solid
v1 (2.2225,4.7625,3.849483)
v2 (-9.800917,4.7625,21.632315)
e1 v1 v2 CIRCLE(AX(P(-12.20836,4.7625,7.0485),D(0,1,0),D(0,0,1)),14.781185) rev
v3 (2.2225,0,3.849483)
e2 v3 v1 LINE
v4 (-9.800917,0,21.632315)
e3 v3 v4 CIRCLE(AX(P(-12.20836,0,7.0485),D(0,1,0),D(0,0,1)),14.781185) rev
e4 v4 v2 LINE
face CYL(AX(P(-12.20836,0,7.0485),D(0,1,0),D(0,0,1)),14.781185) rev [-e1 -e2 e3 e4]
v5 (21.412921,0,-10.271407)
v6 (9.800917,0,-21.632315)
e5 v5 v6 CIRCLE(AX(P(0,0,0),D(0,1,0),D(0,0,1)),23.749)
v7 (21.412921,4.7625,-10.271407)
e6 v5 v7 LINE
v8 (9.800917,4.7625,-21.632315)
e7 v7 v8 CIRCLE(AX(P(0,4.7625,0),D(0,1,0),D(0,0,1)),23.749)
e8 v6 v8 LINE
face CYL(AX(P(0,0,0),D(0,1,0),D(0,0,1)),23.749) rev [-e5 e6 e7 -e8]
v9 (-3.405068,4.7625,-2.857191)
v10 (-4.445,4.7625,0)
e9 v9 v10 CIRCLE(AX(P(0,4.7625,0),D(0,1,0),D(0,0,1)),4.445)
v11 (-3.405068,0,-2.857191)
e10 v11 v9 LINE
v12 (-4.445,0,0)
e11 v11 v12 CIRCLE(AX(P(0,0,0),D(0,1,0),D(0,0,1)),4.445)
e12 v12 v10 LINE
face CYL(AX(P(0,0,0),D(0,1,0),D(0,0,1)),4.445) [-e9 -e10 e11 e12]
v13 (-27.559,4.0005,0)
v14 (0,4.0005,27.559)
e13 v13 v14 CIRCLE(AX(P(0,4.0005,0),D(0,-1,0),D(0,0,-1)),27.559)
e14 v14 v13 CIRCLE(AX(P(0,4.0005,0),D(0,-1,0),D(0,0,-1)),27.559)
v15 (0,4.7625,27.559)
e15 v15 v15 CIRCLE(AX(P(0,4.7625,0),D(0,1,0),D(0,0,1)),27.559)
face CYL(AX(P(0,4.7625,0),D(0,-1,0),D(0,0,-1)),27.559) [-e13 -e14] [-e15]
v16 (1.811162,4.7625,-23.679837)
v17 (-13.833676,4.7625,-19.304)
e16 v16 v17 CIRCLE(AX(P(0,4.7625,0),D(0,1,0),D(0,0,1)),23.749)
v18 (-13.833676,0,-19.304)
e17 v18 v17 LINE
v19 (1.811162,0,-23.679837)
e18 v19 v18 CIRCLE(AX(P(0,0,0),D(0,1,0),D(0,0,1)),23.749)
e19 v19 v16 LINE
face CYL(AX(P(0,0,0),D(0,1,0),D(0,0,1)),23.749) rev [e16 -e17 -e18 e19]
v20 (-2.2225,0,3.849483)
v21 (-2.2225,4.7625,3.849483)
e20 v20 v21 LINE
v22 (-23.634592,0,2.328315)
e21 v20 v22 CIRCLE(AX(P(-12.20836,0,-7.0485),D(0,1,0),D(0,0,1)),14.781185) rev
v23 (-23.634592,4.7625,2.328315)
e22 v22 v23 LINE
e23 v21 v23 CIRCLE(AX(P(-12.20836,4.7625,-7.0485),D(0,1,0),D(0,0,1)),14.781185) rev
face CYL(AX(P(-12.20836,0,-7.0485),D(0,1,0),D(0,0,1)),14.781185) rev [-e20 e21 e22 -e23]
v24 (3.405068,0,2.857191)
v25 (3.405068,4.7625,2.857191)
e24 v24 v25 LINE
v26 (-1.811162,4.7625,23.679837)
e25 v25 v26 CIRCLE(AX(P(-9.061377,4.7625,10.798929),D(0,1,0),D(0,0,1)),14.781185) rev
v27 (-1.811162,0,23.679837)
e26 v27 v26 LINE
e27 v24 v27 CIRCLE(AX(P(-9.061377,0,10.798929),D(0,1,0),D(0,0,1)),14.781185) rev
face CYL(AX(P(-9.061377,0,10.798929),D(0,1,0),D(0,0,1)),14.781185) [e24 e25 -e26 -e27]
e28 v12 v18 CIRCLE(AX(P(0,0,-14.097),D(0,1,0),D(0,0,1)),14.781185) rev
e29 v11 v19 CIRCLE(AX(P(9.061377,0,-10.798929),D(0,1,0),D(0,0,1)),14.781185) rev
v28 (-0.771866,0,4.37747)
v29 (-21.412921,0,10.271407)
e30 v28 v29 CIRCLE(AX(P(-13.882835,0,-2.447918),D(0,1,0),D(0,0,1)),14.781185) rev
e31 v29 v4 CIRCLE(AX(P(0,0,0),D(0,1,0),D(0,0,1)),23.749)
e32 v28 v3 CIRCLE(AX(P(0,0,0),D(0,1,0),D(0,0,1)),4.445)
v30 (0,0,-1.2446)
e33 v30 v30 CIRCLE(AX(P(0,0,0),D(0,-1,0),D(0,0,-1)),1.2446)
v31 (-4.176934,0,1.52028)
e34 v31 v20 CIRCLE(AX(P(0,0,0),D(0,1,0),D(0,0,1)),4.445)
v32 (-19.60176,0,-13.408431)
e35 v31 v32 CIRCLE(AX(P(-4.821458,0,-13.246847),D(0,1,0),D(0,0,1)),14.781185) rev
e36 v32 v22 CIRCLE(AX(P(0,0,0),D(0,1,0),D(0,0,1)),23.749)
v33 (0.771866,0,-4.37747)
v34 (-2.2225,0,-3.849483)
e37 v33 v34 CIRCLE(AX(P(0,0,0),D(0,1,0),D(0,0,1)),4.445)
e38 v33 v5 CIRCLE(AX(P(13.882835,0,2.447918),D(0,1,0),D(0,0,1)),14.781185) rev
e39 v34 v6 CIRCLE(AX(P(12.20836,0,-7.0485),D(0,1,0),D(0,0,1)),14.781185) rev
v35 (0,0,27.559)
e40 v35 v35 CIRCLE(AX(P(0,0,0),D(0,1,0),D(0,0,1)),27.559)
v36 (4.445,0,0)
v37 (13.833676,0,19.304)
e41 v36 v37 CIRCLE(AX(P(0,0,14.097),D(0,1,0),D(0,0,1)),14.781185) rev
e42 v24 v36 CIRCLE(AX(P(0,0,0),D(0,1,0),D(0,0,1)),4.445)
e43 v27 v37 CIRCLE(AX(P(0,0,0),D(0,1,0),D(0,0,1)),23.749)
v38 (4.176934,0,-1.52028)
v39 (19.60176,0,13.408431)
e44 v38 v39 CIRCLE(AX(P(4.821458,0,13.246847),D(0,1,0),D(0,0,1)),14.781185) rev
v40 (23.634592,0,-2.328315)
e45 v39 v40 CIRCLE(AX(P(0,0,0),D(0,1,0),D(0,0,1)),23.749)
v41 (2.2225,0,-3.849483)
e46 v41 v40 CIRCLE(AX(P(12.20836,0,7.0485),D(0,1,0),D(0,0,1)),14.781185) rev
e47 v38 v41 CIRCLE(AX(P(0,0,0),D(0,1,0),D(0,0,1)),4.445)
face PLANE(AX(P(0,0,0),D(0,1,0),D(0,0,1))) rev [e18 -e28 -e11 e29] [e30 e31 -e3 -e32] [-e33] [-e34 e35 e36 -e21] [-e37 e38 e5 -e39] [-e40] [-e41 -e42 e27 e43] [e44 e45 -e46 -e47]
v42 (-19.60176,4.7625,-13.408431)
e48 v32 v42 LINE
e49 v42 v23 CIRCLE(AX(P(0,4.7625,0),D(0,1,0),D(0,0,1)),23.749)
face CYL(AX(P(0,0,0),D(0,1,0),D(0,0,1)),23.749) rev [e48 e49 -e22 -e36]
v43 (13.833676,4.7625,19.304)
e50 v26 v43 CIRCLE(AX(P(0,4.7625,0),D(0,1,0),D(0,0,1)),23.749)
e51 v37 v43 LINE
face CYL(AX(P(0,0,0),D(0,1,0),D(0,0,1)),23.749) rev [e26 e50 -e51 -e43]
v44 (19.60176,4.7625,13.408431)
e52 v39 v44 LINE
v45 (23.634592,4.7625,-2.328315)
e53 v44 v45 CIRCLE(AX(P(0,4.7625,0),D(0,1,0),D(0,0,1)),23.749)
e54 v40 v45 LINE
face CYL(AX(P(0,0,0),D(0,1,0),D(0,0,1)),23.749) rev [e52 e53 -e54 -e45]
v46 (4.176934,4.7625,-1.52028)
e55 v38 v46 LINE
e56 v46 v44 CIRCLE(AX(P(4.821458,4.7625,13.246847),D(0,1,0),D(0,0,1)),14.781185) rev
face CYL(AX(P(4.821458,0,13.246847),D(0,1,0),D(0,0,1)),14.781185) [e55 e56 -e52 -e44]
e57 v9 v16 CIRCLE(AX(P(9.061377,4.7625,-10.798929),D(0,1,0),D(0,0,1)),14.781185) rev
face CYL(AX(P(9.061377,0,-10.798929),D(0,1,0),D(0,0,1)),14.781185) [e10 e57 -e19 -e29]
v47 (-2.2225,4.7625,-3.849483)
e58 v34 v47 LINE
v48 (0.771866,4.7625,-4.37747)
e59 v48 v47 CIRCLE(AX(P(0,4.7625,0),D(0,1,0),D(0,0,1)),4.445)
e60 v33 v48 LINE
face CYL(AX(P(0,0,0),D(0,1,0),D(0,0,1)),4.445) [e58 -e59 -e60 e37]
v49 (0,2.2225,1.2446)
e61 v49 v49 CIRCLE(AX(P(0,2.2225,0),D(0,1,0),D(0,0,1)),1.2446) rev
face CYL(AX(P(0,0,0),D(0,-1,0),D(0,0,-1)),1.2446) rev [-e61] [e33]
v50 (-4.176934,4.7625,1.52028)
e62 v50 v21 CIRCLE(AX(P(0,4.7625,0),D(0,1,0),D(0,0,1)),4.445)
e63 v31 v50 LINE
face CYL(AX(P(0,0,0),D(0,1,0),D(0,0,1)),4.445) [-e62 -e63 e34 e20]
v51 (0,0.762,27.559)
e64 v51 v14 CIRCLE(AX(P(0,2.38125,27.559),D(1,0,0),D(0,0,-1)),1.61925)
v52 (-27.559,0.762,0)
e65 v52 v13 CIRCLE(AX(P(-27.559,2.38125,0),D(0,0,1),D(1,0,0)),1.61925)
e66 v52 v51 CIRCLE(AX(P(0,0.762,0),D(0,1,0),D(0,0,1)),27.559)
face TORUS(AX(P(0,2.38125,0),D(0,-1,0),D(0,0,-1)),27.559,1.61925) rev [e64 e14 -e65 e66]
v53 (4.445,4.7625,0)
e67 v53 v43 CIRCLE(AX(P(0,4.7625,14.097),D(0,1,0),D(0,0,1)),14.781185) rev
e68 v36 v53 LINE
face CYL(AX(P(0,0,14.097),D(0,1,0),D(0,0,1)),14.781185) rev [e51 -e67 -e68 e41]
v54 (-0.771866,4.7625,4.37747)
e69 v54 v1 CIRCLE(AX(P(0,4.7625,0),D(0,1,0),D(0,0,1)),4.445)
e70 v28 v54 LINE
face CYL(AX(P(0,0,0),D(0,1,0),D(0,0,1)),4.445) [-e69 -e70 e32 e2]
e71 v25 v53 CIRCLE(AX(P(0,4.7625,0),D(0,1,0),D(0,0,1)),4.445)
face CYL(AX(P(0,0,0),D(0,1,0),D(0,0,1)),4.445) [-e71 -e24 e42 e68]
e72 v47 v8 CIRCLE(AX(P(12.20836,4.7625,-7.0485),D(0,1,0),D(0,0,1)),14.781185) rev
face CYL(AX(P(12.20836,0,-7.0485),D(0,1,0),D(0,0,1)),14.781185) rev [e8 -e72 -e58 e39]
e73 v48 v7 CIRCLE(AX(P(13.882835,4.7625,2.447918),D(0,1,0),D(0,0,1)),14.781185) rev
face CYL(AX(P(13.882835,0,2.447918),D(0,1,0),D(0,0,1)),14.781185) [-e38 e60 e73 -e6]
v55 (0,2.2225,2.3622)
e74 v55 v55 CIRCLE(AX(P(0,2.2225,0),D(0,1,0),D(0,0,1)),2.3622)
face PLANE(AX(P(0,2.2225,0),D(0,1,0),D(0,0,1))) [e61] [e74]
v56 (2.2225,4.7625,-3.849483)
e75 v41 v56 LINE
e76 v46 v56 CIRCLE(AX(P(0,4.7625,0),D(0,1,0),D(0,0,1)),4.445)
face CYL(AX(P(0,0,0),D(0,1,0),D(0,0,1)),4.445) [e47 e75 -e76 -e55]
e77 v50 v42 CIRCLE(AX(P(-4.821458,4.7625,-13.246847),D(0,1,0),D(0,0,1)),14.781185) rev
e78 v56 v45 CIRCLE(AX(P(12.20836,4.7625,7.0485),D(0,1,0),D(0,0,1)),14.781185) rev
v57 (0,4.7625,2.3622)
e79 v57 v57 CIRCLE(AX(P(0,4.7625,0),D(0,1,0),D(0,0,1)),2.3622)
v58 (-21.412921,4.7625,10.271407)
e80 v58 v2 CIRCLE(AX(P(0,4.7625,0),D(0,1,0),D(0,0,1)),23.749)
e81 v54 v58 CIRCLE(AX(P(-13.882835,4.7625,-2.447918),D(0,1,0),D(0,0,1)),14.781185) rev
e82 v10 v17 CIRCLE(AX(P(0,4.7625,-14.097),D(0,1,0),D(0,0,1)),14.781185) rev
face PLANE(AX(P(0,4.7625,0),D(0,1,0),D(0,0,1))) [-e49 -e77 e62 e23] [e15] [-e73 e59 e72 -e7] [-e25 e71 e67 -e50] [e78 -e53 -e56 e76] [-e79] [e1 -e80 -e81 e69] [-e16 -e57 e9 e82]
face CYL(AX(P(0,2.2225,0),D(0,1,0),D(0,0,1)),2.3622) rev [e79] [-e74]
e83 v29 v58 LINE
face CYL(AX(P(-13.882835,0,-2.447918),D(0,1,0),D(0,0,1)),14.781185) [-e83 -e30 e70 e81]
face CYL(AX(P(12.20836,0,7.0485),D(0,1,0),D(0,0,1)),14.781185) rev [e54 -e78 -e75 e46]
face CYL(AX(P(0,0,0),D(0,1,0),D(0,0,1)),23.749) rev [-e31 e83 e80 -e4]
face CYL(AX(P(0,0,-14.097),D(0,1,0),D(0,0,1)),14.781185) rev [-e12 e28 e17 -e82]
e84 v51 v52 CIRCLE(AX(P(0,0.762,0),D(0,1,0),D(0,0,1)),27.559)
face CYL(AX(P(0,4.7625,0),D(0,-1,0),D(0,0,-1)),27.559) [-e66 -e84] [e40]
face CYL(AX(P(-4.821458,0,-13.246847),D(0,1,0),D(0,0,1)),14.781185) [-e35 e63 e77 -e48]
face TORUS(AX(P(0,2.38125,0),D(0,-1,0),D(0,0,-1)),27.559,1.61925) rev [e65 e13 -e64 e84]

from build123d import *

# Parameters (mm, degrees)
SKETCH1_R                   = 27.559
BOSS_EXTRUDE1_DEPTH         = 4.7625
SKETCH2_R                   = 1.61925
F_40_0_098_DIAMETER_HOLE1_D = 2.4892
CUT_EXTRUDE1_DEPTH          = 40.264212309
SKETCH9_R                   = 2.3622
CUT_EXTRUDE2_DEPTH          = 2.54


with BuildPart() as part:
    # Sketch1 → Boss-Extrude1 (new body)
    with BuildSketch(Plane(origin=(0, 0, 0), x_dir=(1, 0, 0), z_dir=(0, 1, 0))):
        with Locations(Location((0, 0, 0), (0, 0, 270))):
            Circle(SKETCH1_R)
    extrude(amount=BOSS_EXTRUDE1_DEPTH)

    # Cut-Sweep1: sweep along a curve in space
    with BuildLine() as cut_sweep1_path:
        ThreePointArc((0, 0, 27.559), (19.487155783, 0, 19.487155783), (27.559, 0, 0))
        ThreePointArc((27.559, 0, 0), (19.487155783, 0, -19.487155783), (0, 0, -27.559))
        ThreePointArc((0, 0, -27.559), (-19.487155783, 0, -19.487155783), (-27.559, 0, 0))
        ThreePointArc((-27.559, 0, 0), (-19.487155783, 0, 19.487155783), (0, 0, 27.559))
    # Sketch2 → Cut-Sweep1 (sweep, cut)
    with BuildSketch(Plane.XY):
        with Locations((-27.559, 2.38125)):
            Circle(SKETCH2_R)
    sweep(path=cut_sweep1_path.line, mode=Mode.SUBTRACT)

    # #40 (0.098) Diameter Hole1 (through all)
    with Locations(Plane(origin=(0, 0, 0), x_dir=(0, 0, -1), z_dir=(0, -1, 0))):
        with Locations((0, 0)):
            Hole(F_40_0_098_DIAMETER_HOLE1_D / 2)

    # Sketch7 → Cut-Extrude1 (cut, through all)
    with BuildSketch(Plane(origin=(0, 4.7625, 0), x_dir=(1, 0, 0), z_dir=(0, 1, 0))):
        with BuildLine():
            ThreePointArc((-2.2225, 3.84948292), (-0.77186615, 4.377470462), (0.77186615, 4.377470462))
            ThreePointArc((0.77186615, 4.377470462), (9.824364413, 11.765183037), (21.41292145, 10.271406718))
            ThreePointArc((21.41292145, 10.271406718), (16.608536278, 16.975615562), (9.800916515, 21.632314635))
            ThreePointArc((9.800916515, 21.632314635), (-0.036614117, 15.327632806), (-2.2225, 3.84948292))
        make_face()
        with BuildLine():
            ThreePointArc((2.2225, 3.84948292), (3.40506755, 2.857190925), (4.176933699, 1.520279537))
            ThreePointArc((4.176933699, 1.520279537), (15.101129597, -2.625557639), (19.601759876, -13.408430586))
            ThreePointArc((19.601759876, -13.408430586), (22.688512471, -7.017578133), (23.749, 0))
            ThreePointArc((23.749, 0), (23.720380824, 1.1655619), (23.634592274, 2.328314635))
            ThreePointArc((23.634592274, 2.328314635), (13.255812331, 7.695525158), (2.2225, 3.84948292))
        make_face()
        with BuildLine():
            ThreePointArc((13.833675759, -19.304), (13.292426448, -7.632107648), (4.445, 0))
            ThreePointArc((4.445, 0), (4.176933699, -1.520279537), (3.40506755, -2.857190925))
            ThreePointArc((3.40506755, -2.857190925), (5.276765184, -14.390740676), (-1.811161574, -23.679837304))
            ThreePointArc((-1.811161574, -23.679837304), (6.397046182, -22.871222117), (13.833675759, -19.304))
        make_face()
        with BuildLine():
            ThreePointArc((-9.800916515, -21.632314635), (0.036614117, -15.327632806), (2.2225, -3.84948292))
            ThreePointArc((2.2225, -3.84948292), (0.77186615, -4.377470462), (-0.77186615, -4.377470462))
            ThreePointArc((-0.77186615, -4.377470462), (-9.824364413, -11.765183037), (-21.41292145, -10.271406718))
            ThreePointArc((-21.41292145, -10.271406718), (-16.608536278, -16.975615562), (-9.800916515, -21.632314635))
        make_face()
        with BuildLine():
            ThreePointArc((-23.634592274, -2.328314635), (-13.255812331, -7.695525158), (-2.2225, -3.84948292))
            ThreePointArc((-2.2225, -3.84948292), (-3.40506755, -2.857190925), (-4.176933699, -1.520279537))
            ThreePointArc((-4.176933699, -1.520279537), (-15.101129597, 2.625557639), (-19.601759876, 13.408430586))
            ThreePointArc((-19.601759876, 13.408430586), (-23.00558246, 5.895606556), (-23.634592274, -2.328314635))
        make_face()
        with BuildLine():
            ThreePointArc((-4.445, 0), (-4.176933699, 1.520279537), (-3.40506755, 2.857190925))
            ThreePointArc((-3.40506755, 2.857190925), (-5.276765184, 14.390740676), (1.811161574, 23.679837304))
            ThreePointArc((1.811161574, 23.679837304), (-6.397046182, 22.871222117), (-13.833675759, 19.304))
            ThreePointArc((-13.833675759, 19.304), (-13.292426448, 7.632107648), (-4.445, 0))
        make_face()
    extrude(amount=-CUT_EXTRUDE1_DEPTH, mode=Mode.SUBTRACT)

    # Sketch9 → Cut-Extrude2 (cut)
    with BuildSketch(Plane(origin=(0, 4.7625, 0), x_dir=(1, 0, 0), z_dir=(0, 1, 0))):
        with Locations(Location((0, 0, 0), (0, 0, 270))):
            Circle(SKETCH9_R)
    extrude(amount=-CUT_EXTRUDE2_DEPTH, mode=Mode.SUBTRACT)


solid = part.part
